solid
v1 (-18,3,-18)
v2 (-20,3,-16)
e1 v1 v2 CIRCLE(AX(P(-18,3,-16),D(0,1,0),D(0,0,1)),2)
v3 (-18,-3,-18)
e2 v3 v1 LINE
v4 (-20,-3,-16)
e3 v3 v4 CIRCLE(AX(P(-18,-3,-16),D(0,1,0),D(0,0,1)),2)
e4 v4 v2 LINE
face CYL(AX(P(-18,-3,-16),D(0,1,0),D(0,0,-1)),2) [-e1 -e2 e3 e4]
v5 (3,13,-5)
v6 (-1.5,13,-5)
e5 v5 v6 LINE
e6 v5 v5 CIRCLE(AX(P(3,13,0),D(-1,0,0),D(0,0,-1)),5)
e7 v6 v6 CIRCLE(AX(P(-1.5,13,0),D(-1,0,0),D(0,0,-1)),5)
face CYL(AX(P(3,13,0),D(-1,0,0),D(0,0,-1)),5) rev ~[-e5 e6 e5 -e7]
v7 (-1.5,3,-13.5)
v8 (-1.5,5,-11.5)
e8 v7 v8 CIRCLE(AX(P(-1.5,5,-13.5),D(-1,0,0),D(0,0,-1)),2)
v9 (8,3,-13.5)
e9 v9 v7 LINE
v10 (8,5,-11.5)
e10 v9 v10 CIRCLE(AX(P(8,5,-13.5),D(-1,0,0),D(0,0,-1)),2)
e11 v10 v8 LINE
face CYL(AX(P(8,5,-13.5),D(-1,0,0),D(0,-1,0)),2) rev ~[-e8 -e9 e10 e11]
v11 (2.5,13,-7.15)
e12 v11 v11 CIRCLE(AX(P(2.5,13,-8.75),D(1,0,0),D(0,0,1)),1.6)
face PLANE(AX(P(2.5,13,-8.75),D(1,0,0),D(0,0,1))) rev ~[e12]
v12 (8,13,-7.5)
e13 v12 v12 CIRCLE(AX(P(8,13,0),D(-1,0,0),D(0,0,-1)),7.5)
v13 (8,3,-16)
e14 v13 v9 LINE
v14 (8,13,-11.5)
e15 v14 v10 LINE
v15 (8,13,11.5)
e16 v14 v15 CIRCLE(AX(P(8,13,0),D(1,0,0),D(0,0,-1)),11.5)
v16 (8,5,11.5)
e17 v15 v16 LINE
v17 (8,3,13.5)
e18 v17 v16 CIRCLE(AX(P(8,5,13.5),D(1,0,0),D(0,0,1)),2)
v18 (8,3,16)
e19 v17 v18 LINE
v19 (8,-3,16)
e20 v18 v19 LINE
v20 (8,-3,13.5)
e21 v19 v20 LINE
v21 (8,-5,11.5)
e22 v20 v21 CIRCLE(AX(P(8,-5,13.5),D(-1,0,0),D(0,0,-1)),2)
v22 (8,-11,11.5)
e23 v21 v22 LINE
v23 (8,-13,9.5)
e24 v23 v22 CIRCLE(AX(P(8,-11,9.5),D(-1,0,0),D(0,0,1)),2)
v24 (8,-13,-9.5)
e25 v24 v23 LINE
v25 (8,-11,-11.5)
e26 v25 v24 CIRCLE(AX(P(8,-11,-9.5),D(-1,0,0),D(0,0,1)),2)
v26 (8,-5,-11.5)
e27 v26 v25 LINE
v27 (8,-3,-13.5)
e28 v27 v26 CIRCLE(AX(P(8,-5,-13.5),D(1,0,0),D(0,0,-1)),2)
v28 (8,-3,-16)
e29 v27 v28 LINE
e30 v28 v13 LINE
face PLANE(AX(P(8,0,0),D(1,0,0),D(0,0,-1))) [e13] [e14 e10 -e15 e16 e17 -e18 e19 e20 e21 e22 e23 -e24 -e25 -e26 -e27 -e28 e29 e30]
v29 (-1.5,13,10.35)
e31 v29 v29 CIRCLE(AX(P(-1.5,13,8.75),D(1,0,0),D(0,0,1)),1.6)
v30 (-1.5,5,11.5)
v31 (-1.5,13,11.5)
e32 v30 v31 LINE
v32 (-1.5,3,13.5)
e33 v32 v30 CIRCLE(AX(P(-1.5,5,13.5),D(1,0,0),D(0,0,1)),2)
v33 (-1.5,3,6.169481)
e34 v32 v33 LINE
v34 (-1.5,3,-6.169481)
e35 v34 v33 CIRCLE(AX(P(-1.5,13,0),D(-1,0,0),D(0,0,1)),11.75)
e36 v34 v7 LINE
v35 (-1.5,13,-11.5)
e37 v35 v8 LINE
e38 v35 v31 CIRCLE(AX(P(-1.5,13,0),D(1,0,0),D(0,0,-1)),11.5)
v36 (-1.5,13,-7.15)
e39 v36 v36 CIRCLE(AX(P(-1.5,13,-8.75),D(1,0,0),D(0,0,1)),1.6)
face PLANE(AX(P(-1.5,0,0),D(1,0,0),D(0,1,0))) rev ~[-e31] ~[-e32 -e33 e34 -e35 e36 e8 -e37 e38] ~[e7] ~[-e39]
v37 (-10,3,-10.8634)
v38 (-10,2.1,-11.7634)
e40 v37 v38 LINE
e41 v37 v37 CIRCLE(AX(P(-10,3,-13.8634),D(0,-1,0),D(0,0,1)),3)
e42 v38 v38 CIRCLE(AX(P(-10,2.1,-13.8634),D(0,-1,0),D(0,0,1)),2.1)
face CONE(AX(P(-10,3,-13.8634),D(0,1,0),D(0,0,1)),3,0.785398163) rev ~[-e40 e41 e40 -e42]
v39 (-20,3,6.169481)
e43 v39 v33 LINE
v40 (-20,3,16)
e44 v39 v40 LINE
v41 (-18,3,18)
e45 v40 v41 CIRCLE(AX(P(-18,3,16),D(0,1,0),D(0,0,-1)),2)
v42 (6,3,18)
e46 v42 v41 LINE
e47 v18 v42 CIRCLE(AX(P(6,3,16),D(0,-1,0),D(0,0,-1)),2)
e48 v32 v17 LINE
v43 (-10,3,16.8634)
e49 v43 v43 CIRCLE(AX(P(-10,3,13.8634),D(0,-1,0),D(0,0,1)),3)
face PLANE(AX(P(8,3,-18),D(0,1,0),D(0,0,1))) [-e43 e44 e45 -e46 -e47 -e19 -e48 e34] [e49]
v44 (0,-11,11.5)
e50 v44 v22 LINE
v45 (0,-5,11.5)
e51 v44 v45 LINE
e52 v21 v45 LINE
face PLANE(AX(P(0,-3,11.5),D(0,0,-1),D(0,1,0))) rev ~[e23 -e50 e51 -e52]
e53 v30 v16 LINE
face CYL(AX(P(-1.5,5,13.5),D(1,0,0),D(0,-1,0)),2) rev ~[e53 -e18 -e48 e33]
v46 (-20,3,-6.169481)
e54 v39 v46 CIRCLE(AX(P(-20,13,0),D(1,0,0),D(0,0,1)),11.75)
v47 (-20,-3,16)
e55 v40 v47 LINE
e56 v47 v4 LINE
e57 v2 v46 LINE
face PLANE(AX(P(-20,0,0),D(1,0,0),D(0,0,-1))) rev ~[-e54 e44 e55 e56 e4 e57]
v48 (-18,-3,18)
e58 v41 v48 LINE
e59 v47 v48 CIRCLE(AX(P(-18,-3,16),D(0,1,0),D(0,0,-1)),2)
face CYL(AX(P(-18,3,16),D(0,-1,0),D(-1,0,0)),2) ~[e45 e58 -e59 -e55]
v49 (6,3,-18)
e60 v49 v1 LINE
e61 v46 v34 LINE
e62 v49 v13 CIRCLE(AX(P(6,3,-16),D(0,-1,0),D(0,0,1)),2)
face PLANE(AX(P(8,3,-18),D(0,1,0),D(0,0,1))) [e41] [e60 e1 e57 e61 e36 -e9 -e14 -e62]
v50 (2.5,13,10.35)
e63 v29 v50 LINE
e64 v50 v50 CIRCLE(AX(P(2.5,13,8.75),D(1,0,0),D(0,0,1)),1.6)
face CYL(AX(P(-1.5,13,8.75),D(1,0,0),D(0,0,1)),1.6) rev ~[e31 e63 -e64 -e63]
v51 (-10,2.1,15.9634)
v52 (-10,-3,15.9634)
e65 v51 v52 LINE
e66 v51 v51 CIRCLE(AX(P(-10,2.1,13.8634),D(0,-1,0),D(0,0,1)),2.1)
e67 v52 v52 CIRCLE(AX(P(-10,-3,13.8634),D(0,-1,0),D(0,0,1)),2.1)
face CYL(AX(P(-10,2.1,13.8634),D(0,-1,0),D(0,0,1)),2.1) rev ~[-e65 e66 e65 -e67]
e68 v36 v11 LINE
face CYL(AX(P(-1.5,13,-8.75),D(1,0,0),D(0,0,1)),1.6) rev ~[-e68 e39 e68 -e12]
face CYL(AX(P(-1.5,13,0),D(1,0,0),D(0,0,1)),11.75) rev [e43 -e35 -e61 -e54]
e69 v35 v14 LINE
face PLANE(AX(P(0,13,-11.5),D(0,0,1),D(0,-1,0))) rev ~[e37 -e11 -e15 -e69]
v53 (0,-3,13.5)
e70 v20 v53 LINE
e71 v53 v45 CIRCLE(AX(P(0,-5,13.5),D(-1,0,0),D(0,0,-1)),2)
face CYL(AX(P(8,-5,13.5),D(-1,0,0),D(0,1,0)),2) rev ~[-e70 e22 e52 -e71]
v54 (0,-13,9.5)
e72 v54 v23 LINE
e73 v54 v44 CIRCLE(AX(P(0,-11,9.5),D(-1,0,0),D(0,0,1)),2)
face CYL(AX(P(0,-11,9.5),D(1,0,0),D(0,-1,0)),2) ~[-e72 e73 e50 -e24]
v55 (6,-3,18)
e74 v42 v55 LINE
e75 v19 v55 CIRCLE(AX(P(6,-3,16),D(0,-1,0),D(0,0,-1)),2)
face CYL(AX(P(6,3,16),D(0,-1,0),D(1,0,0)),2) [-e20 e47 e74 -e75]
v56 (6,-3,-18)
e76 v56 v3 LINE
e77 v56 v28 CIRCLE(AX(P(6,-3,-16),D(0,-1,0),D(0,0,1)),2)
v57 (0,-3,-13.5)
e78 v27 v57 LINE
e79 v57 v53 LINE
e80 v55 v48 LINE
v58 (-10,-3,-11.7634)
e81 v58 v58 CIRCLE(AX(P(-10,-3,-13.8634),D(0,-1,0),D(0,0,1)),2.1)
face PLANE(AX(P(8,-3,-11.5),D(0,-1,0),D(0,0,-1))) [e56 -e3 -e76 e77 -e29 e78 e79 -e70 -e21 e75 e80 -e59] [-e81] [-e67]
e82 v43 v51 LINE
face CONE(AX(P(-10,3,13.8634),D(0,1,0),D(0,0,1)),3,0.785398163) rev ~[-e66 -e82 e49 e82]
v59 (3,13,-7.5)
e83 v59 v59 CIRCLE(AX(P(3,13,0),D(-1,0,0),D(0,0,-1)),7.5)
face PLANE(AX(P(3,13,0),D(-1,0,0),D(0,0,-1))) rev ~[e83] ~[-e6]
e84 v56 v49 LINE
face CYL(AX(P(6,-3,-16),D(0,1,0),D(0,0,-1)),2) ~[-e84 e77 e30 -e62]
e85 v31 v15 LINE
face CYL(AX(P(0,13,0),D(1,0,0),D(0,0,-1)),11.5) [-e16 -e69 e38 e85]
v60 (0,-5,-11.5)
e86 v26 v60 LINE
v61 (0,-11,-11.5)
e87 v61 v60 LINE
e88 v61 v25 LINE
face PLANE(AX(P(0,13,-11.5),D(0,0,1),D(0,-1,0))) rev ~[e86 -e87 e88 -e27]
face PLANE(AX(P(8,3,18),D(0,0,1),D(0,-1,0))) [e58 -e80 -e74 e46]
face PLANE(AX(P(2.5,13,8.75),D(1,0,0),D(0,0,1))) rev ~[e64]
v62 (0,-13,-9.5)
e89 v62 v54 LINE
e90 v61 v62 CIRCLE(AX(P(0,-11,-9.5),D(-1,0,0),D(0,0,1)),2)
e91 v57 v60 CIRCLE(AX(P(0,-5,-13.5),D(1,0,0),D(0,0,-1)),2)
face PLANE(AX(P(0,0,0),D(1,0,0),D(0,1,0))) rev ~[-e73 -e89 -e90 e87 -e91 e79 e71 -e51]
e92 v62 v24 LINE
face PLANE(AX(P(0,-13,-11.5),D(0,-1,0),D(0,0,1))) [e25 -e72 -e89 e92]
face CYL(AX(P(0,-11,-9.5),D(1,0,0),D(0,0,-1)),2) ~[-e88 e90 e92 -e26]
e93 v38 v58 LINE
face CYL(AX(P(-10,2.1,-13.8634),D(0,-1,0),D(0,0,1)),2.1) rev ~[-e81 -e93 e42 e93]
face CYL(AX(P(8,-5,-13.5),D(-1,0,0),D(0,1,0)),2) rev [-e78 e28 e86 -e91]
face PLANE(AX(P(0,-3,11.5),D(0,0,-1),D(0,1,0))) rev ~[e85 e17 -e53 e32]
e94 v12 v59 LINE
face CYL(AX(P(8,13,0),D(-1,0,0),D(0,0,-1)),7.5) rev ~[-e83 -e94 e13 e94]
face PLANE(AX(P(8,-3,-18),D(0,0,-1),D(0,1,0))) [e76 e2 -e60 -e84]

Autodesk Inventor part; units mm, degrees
ref_plane "YZ Plane" through (0, 0, 0) normal (1, 0, 0) x (0, 1, 0)
ref_plane "XZ Plane" through (0, 0, 0) normal (0, 1, 0) x (-1, 0, 0)
ref_plane "XY Plane" through (0, 0, 0) normal (0, 0, 1) x (1, 0, 0)
sketch "Esquisse1" plane through (0, 0, 0) normal (1, 0, 0) x (0, 1, 0)
  arc A0 (13, -11.5) -> (13, 11.5) centre (13, 0) ccw
  line L0 (-13, 11.5) -> (13, 11.5)
  line L1 (13, 11.5) -> (13, -11.5) construction
  line L2 (13, -11.5) -> (-13, -11.5)
  line L3 (-13, -11.5) -> (-13, 11.5)
  line L4 (-13, 11.5) -> (13, -11.5) construction
  line L5 (13, 11.5) -> (-13, -11.5) construction
  line L6 (-3, 11.5) -> (-3, -11.5)
  circle A1 centre (13, 0) radius 11.5 construction
  point P0 (0, 0)
  point P1 (0, 0)
  dimension "d1" = 23
  dimension "d2" = 16
  dimension "d3" = 10
extrude "Extrusion1" add sketch "Esquisse1" along normal blind 8
extrude "Extrusion2" add sketch "Esquisse1" against normal blind 1.5 contours L2 L6 L0 A0
sketch "Esquisse3" plane through (8, 0, 0) normal (1, 0, 0) x (0, 0, -1)
  arc A0 (11.5, 13) -> (-11.5, 13) centre (0, 13) ccw projected
  point P0 (0, 0)
  point P1 (0, 13)
hole "Perçage1" at (8, 13, 0) direction (-1, 0, 0) diameter 10 end through all counterbore diameter 15 counterbore depth 5
sketch "Esquisse4" plane through (-1.5, 0, 0) normal (-1, 0, 0) x (0, 0, 1)
  circle A0 centre (0, 13) radius 5 projected
  circle A1 centre (0, 13) radius 8.75 construction
  circle A2 centre (0, 13) radius 7.5 projected
  line L0 (8.75, 13) -> (-8.75, 13)
  point P0 (0, 0)
  dimension "d15" = 17.5
hole "Perçage2" at (-1.5, 13, -8.75) at (-1.5, 13, 8.75) direction (1, 0, 0) diameter 3.2 depth 4
sketch "Esquisse5" plane through (8, 0, 0) normal (1, 0, 0) x (0, 0, -1)
  line L0 (18, 3) -> (-18, 3)
  line L1 (-18, 3) -> (-18, -3)
  line L2 (-18, -3) -> (18, -3)
  line L3 (18, -3) -> (18, 3)
  line L4 (18, 3) -> (-18, -3) construction
  line L5 (-18, 3) -> (18, -3) construction
  line L6 (11.5, -13) -> (11.5, 13) construction
  line L7 (11.5, -3) -> (-11.5, -3) projected
  point P0 (0, 0)
  dimension "d23" = 6.5
extrude "Extrusion3" add sketch "Esquisse5" against normal blind 28
fillet "Congé1" radius 2 10 edges at (8, 0, 18) (-20, 0, 18) (3.25, 3, 11.5) (4, -3, 11.5) (4, -3, -11.5) (8, 0, -18) (3.25, 3, -11.5) (-20, 0, -18) (4, -13, -11.5) (4, -13, 11.5)
sketch "Esquisse6" plane through (8, 3, 16) normal (0, 1, 0) x (1, 0, 0)
  line L0 (-18, 29.8634) -> (-18, 2.1366) construction
  line L1 (-9.5, 11) -> (-9.5, 21) projected
  line L2 (-5, 11) -> (-5, 21) projected
  line L3 (-11.5, 29.5) -> (-11.5, 2.5) projected
  line L4 (-11.5, 16) -> (-28, 16) construction
  line L5 (-28, 32) -> (-28, 0) projected
  point P0 (-8, 16)
  point P1 (-18, 16)
  dimension "d27" = 10
hole "Perçage3" at (-10, 3, -13.8634) at (-10, 3, 13.8634) direction (0, -1, 0) diameter 4.2 end through all countersink diameter 6 countersink angle 90
sketch "Esquisse7" plane through (-1.5, 0, 0) normal (-1, 0, 0) x (0, 0, 1)
  circle A0 centre (0, 13) radius 11.75
  arc A1 (11.5, 13) -> (-11.5, 13) centre (0, 13) ccw construction
  point P0 (0, 0)
  dimension "d36" = 23.5
extrude "Extrusion4" cut sketch "Esquisse7" along normal through all
properties part number "support_codeur"
